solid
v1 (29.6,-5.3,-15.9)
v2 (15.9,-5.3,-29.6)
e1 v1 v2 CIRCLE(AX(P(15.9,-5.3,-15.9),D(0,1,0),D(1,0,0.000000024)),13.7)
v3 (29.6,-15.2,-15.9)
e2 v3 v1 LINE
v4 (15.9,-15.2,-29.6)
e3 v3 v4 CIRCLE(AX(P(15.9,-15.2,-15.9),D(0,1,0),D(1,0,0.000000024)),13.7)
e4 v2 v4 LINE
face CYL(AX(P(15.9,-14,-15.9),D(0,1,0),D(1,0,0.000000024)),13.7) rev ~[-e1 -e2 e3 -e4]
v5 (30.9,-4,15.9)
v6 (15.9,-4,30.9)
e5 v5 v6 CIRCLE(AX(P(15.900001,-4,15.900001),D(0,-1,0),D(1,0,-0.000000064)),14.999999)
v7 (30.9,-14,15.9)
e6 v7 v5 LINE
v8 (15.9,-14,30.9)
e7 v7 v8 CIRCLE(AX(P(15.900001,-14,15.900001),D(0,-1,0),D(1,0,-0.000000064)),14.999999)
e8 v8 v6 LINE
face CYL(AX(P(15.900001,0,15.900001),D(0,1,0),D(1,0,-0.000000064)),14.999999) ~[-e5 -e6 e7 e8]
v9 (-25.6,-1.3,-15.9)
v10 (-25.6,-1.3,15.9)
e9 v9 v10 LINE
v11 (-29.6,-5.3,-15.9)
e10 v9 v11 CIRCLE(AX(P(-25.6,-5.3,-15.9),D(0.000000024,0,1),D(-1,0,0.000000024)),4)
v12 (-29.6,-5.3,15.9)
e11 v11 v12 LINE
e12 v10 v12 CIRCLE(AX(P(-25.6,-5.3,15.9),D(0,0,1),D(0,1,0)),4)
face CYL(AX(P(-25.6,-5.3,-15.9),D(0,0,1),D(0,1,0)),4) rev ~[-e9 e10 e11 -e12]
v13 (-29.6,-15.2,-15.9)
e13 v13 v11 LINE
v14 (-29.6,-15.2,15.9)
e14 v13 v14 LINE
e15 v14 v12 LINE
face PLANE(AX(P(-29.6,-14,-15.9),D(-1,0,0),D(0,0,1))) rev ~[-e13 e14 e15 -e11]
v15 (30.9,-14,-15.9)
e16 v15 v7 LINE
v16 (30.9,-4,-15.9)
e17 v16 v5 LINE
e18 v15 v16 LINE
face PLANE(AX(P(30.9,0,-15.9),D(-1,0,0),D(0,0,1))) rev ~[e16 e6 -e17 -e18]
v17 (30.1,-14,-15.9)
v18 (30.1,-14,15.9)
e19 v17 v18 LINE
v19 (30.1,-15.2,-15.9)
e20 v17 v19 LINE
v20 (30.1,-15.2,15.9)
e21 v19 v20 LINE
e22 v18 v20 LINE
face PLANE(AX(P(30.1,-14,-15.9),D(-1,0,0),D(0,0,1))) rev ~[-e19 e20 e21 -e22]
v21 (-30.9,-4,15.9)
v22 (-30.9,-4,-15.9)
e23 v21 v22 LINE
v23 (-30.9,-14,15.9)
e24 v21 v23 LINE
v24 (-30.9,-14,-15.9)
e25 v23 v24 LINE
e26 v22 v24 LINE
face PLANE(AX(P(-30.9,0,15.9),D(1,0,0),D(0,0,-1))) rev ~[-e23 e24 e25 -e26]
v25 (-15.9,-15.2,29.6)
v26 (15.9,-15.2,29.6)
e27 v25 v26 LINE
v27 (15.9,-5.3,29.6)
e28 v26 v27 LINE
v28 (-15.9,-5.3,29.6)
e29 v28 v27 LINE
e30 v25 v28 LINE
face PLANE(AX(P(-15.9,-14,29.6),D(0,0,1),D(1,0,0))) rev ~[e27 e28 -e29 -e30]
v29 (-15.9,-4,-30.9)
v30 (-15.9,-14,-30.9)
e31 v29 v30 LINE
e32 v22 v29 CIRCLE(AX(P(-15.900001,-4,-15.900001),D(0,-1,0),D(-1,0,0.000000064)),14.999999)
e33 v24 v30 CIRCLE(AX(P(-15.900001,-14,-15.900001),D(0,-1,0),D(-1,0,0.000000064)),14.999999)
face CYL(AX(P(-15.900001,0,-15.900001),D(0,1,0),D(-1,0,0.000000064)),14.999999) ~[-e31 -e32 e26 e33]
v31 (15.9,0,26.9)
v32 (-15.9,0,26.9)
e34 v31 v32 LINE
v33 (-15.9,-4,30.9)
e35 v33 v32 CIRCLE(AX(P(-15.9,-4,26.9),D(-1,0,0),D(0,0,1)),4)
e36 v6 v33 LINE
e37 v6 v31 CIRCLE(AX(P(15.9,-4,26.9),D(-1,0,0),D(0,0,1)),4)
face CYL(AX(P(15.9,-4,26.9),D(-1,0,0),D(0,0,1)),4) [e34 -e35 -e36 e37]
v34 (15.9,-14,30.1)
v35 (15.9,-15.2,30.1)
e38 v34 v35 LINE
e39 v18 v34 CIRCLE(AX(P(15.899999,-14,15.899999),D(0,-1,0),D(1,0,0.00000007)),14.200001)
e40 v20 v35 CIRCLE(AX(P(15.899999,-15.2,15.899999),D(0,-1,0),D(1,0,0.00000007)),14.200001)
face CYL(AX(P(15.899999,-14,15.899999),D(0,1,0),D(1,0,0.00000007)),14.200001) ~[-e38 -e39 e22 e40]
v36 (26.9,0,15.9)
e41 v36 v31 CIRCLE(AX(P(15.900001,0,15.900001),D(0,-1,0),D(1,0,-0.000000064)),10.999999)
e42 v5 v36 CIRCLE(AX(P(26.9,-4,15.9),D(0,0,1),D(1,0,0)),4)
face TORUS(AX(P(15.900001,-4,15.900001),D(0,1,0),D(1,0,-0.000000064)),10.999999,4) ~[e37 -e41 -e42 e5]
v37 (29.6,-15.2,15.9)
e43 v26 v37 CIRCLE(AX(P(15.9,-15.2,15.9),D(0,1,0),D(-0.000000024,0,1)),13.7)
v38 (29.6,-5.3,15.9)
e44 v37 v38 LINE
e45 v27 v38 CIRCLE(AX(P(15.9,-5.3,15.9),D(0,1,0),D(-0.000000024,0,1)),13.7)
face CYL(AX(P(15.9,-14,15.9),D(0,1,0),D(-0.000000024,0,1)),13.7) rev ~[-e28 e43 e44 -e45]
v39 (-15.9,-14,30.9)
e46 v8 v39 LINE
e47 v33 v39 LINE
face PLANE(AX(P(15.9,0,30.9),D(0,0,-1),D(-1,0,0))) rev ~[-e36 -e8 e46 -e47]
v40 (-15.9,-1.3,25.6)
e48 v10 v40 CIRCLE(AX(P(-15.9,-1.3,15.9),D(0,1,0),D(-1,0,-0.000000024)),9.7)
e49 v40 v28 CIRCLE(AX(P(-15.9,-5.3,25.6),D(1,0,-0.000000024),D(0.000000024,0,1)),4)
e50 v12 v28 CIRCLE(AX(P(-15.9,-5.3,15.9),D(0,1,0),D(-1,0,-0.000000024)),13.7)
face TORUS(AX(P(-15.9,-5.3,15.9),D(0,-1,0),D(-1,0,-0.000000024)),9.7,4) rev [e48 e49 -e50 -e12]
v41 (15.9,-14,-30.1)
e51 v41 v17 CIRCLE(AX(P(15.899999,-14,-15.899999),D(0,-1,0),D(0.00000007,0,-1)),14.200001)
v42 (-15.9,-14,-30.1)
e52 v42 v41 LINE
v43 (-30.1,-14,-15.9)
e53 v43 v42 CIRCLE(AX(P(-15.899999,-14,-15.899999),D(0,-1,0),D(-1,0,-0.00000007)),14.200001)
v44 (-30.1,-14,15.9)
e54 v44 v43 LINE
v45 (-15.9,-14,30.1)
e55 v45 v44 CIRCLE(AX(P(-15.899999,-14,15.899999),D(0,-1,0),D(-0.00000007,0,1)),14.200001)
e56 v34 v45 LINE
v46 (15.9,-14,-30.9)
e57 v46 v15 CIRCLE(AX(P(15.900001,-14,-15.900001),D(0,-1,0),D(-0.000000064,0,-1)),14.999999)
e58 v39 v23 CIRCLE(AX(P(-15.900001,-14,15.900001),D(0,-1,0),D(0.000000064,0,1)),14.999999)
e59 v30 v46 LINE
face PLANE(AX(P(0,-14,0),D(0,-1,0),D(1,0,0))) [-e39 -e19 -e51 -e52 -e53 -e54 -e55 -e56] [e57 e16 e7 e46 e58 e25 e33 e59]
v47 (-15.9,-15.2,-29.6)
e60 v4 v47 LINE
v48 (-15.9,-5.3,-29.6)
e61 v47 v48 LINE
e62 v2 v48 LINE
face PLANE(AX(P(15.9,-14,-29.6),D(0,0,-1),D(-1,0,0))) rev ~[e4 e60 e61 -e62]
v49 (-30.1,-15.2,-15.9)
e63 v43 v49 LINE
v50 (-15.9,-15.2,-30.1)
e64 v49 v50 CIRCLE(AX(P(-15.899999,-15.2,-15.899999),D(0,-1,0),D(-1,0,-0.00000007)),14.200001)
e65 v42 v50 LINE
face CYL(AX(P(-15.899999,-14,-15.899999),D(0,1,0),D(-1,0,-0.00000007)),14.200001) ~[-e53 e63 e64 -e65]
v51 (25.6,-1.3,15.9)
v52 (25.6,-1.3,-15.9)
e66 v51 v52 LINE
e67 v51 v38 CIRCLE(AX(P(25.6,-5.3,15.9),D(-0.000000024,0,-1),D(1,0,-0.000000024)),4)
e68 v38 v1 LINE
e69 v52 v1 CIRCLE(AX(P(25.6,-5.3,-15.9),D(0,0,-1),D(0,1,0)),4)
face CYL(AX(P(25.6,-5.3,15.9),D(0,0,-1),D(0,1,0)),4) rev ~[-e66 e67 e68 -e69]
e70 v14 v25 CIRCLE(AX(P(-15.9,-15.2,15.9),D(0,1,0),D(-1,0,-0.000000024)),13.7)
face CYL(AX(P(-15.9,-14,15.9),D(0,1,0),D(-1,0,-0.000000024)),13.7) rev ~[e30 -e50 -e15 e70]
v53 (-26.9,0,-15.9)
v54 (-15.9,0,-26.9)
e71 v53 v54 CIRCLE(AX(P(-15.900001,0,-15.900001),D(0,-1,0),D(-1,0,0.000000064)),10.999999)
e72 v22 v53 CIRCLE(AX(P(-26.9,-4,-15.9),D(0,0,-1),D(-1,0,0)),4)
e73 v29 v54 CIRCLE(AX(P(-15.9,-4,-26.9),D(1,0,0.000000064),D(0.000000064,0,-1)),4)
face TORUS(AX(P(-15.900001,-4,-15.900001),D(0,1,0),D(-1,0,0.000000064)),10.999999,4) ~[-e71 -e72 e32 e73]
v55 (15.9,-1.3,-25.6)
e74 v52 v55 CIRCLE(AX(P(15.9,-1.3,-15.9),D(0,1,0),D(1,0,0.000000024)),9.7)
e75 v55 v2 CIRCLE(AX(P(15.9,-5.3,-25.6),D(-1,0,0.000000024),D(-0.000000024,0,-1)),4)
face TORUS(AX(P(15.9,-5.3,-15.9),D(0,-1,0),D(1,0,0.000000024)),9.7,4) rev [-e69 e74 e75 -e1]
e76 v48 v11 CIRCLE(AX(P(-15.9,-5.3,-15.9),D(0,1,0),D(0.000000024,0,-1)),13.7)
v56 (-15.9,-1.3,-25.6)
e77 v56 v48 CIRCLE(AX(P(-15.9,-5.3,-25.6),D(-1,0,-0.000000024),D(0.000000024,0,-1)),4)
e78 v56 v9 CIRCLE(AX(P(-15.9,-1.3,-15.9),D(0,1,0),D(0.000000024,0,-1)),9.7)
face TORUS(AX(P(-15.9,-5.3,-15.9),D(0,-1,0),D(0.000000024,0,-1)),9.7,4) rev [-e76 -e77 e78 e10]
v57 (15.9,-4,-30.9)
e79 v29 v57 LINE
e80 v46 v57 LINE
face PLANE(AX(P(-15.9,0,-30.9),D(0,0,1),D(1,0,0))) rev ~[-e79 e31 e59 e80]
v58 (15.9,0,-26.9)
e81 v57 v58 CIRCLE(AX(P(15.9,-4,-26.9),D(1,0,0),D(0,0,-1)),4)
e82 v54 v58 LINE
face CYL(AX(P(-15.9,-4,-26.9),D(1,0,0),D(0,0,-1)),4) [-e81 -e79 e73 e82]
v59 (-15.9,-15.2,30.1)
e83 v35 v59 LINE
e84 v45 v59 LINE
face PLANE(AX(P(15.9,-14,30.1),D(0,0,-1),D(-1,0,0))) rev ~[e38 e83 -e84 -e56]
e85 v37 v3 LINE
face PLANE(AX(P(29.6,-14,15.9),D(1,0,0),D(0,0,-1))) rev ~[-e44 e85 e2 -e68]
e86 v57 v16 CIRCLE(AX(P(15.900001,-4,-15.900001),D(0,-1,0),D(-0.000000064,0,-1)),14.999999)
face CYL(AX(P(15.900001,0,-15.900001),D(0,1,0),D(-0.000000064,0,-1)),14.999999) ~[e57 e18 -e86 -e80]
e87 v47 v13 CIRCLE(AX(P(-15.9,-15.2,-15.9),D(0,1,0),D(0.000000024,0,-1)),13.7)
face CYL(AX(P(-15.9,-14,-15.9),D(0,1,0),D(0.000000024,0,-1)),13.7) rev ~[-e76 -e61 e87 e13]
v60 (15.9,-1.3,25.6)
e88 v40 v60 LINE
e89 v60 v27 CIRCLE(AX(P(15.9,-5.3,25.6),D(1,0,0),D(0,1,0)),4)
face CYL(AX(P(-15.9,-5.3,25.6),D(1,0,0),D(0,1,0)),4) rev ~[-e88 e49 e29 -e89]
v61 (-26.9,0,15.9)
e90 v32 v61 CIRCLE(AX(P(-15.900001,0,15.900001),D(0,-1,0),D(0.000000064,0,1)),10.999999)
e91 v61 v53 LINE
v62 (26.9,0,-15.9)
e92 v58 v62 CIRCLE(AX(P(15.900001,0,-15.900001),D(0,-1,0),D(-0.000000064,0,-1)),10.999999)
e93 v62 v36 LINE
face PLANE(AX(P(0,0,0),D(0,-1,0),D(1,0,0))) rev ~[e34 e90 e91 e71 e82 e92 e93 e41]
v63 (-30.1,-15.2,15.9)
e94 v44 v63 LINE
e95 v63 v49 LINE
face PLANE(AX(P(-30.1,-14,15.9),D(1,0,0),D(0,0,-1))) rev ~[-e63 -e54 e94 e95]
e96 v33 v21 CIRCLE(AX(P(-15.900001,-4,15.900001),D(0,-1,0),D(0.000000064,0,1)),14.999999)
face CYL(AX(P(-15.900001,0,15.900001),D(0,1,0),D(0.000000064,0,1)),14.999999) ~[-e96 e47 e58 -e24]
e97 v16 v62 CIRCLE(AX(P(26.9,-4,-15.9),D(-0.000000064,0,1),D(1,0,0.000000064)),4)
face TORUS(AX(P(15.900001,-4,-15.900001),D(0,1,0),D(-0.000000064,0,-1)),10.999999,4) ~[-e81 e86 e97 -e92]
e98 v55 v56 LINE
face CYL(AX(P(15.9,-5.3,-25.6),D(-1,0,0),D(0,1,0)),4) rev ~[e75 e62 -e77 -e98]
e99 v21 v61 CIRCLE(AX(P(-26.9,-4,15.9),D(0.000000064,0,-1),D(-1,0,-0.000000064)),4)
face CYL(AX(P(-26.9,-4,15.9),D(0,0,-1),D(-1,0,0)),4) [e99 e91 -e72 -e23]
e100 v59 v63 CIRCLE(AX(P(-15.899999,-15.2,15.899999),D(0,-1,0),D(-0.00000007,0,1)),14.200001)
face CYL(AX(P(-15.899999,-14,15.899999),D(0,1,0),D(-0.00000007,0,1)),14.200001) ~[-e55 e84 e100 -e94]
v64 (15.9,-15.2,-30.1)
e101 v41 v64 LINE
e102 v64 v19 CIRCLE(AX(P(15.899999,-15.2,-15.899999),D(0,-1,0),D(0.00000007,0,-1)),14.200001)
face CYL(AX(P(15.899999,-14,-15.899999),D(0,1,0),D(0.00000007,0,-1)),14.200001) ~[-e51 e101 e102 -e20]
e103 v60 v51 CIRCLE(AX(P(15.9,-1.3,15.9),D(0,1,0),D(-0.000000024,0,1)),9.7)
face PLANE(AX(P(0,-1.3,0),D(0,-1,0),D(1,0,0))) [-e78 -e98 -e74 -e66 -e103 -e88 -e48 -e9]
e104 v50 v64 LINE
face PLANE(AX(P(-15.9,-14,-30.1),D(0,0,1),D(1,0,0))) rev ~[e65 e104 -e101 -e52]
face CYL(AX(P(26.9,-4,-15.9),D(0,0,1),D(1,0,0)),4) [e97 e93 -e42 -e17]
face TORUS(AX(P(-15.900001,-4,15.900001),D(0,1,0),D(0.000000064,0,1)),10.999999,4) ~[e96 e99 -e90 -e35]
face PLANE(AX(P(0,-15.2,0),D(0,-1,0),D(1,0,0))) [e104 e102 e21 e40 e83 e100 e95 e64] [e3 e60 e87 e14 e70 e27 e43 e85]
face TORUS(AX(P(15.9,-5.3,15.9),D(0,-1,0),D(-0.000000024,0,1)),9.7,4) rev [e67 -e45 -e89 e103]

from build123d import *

# Parameters (mm, degrees)
F1_DEPTH = 1.3
F2_DEPTH = 14
F4_DEPTH = 1.2
F5_R     = 4
F6_R     = 4


with BuildPart() as f1:
    # F0 (on Front) → F1 (new body)
    with BuildSketch(Plane.XZ):
        with BuildLine():
            Line((15.9, 30.9), (-15.9, 30.9))
            ThreePointArc((-15.9, 30.9), (-26.506602, 26.506602), (-30.9, 15.9))
            Line((-30.9, 15.9), (-30.9, -15.9))
            ThreePointArc((-30.9, -15.9), (-26.506602, -26.506602), (-15.9, -30.9))
            Line((-15.9, -30.9), (15.9, -30.9))
            ThreePointArc((15.9, -30.9), (26.506602, -26.506602), (30.9, -15.9))
            Line((30.9, -15.9), (30.9, 15.9))
            ThreePointArc((30.9, 15.9), (26.506602, 26.506602), (15.9, 30.9))
        make_face()
        with BuildLine():
            ThreePointArc((-29.6, 15.9), (-25.587363, 25.587363), (-15.9, 29.6))
            Line((-15.9, 29.6), (15.9, 29.6))
            ThreePointArc((15.9, 29.6), (25.587363, 25.587363), (29.6, 15.9))
            Line((29.6, 15.9), (29.6, -15.9))
            ThreePointArc((29.6, -15.9), (25.587363, -25.587363), (15.9, -29.6))
            Line((15.9, -29.6), (-15.9, -29.6))
            ThreePointArc((-15.9, -29.6), (-25.587363, -25.587363), (-29.6, -15.9))
            Line((-29.6, -15.9), (-29.6, 15.9))
        make_face(mode=Mode.SUBTRACT)
        with BuildLine():
            Line((15.9, 29.6), (-15.9, 29.6))
            ThreePointArc((-15.9, 29.6), (-25.587363, 25.587363), (-29.6, 15.9))
            Line((-29.6, 15.9), (-29.6, -15.9))
            ThreePointArc((-29.6, -15.9), (-25.587363, -25.587363), (-15.9, -29.6))
            Line((-15.9, -29.6), (15.9, -29.6))
            ThreePointArc((15.9, -29.6), (25.587363, -25.587363), (29.6, -15.9))
            Line((29.6, -15.9), (29.6, 15.9))
            ThreePointArc((29.6, 15.9), (25.587363, 25.587363), (15.9, 29.6))
        make_face()
    extrude(amount=F1_DEPTH)

    # F0 (on Front) → F2 (join)
    with BuildSketch(Plane.XZ):
        with BuildLine():
            Line((15.9, 30.9), (-15.9, 30.9))
            ThreePointArc((-15.9, 30.9), (-26.506602, 26.506602), (-30.9, 15.9))
            Line((-30.9, 15.9), (-30.9, -15.9))
            ThreePointArc((-30.9, -15.9), (-26.506602, -26.506602), (-15.9, -30.9))
            Line((-15.9, -30.9), (15.9, -30.9))
            ThreePointArc((15.9, -30.9), (26.506602, -26.506602), (30.9, -15.9))
            Line((30.9, -15.9), (30.9, 15.9))
            ThreePointArc((30.9, 15.9), (26.506602, 26.506602), (15.9, 30.9))
        make_face()
        with BuildLine():
            ThreePointArc((-29.6, 15.9), (-25.587363, 25.587363), (-15.9, 29.6))
            Line((-15.9, 29.6), (15.9, 29.6))
            ThreePointArc((15.9, 29.6), (25.587363, 25.587363), (29.6, 15.9))
            Line((29.6, 15.9), (29.6, -15.9))
            ThreePointArc((29.6, -15.9), (25.587363, -25.587363), (15.9, -29.6))
            Line((15.9, -29.6), (-15.9, -29.6))
            ThreePointArc((-15.9, -29.6), (-25.587363, -25.587363), (-29.6, -15.9))
            Line((-29.6, -15.9), (-29.6, 15.9))
        make_face(mode=Mode.SUBTRACT)
    extrude(amount=F2_DEPTH)

    # F3 (on face) → F4 (join)
    with BuildSketch(Plane.XZ.offset(14)):
        with BuildLine():
            Line((15.9, 30.1), (-15.9, 30.1))
            ThreePointArc((-15.9, 30.1), (-25.940916, 25.940916), (-30.1, 15.9))
            Line((-30.1, 15.9), (-30.1, -15.9))
            ThreePointArc((-30.1, -15.9), (-25.940916, -25.940916), (-15.9, -30.1))
            Line((-15.9, -30.1), (15.9, -30.1))
            ThreePointArc((15.9, -30.1), (25.940916, -25.940916), (30.1, -15.9))
            Line((30.1, -15.9), (30.1, 15.9))
            ThreePointArc((30.1, 15.9), (25.940916, 25.940916), (15.9, 30.1))
        make_face()
        with BuildLine():
            Line((15.9, -29.6), (-15.9, -29.6))
            ThreePointArc((-15.9, -29.6), (-25.587363, -25.587363), (-29.6, -15.9))
            Line((-29.6, -15.9), (-29.6, 15.9))
            ThreePointArc((-29.6, 15.9), (-25.587363, 25.587363), (-15.9, 29.6))
            Line((-15.9, 29.6), (15.9, 29.6))
            ThreePointArc((15.9, 29.6), (25.587363, 25.587363), (29.6, 15.9))
            Line((29.6, 15.9), (29.6, -15.9))
            ThreePointArc((29.6, -15.9), (25.587363, -25.587363), (15.9, -29.6))
        make_face(mode=Mode.SUBTRACT)
    extrude(amount=F4_DEPTH)

    # F5
    f5_edges = [f1.edges().sort_by_distance(p)[0] for p in [
        (-25.587363, -1.3, -25.587363),
    ]]
    fillet(f5_edges, radius=F5_R)

    # F6
    f6_edges = [f1.edges().sort_by_distance(p)[0] for p in [
        (0, 0, 30.9),
        (-26.506602, 0, 26.506602),
        (-30.9, 0, 0),
        (-26.506602, 0, -26.506602),
        (0, 0, -30.9),
        (26.506602, 0, -26.506602),
        (30.9, 0, 0),
        (26.506602, 0, 26.506602),
    ]]
    fillet(f6_edges, radius=F6_R)


solid = f1.part
